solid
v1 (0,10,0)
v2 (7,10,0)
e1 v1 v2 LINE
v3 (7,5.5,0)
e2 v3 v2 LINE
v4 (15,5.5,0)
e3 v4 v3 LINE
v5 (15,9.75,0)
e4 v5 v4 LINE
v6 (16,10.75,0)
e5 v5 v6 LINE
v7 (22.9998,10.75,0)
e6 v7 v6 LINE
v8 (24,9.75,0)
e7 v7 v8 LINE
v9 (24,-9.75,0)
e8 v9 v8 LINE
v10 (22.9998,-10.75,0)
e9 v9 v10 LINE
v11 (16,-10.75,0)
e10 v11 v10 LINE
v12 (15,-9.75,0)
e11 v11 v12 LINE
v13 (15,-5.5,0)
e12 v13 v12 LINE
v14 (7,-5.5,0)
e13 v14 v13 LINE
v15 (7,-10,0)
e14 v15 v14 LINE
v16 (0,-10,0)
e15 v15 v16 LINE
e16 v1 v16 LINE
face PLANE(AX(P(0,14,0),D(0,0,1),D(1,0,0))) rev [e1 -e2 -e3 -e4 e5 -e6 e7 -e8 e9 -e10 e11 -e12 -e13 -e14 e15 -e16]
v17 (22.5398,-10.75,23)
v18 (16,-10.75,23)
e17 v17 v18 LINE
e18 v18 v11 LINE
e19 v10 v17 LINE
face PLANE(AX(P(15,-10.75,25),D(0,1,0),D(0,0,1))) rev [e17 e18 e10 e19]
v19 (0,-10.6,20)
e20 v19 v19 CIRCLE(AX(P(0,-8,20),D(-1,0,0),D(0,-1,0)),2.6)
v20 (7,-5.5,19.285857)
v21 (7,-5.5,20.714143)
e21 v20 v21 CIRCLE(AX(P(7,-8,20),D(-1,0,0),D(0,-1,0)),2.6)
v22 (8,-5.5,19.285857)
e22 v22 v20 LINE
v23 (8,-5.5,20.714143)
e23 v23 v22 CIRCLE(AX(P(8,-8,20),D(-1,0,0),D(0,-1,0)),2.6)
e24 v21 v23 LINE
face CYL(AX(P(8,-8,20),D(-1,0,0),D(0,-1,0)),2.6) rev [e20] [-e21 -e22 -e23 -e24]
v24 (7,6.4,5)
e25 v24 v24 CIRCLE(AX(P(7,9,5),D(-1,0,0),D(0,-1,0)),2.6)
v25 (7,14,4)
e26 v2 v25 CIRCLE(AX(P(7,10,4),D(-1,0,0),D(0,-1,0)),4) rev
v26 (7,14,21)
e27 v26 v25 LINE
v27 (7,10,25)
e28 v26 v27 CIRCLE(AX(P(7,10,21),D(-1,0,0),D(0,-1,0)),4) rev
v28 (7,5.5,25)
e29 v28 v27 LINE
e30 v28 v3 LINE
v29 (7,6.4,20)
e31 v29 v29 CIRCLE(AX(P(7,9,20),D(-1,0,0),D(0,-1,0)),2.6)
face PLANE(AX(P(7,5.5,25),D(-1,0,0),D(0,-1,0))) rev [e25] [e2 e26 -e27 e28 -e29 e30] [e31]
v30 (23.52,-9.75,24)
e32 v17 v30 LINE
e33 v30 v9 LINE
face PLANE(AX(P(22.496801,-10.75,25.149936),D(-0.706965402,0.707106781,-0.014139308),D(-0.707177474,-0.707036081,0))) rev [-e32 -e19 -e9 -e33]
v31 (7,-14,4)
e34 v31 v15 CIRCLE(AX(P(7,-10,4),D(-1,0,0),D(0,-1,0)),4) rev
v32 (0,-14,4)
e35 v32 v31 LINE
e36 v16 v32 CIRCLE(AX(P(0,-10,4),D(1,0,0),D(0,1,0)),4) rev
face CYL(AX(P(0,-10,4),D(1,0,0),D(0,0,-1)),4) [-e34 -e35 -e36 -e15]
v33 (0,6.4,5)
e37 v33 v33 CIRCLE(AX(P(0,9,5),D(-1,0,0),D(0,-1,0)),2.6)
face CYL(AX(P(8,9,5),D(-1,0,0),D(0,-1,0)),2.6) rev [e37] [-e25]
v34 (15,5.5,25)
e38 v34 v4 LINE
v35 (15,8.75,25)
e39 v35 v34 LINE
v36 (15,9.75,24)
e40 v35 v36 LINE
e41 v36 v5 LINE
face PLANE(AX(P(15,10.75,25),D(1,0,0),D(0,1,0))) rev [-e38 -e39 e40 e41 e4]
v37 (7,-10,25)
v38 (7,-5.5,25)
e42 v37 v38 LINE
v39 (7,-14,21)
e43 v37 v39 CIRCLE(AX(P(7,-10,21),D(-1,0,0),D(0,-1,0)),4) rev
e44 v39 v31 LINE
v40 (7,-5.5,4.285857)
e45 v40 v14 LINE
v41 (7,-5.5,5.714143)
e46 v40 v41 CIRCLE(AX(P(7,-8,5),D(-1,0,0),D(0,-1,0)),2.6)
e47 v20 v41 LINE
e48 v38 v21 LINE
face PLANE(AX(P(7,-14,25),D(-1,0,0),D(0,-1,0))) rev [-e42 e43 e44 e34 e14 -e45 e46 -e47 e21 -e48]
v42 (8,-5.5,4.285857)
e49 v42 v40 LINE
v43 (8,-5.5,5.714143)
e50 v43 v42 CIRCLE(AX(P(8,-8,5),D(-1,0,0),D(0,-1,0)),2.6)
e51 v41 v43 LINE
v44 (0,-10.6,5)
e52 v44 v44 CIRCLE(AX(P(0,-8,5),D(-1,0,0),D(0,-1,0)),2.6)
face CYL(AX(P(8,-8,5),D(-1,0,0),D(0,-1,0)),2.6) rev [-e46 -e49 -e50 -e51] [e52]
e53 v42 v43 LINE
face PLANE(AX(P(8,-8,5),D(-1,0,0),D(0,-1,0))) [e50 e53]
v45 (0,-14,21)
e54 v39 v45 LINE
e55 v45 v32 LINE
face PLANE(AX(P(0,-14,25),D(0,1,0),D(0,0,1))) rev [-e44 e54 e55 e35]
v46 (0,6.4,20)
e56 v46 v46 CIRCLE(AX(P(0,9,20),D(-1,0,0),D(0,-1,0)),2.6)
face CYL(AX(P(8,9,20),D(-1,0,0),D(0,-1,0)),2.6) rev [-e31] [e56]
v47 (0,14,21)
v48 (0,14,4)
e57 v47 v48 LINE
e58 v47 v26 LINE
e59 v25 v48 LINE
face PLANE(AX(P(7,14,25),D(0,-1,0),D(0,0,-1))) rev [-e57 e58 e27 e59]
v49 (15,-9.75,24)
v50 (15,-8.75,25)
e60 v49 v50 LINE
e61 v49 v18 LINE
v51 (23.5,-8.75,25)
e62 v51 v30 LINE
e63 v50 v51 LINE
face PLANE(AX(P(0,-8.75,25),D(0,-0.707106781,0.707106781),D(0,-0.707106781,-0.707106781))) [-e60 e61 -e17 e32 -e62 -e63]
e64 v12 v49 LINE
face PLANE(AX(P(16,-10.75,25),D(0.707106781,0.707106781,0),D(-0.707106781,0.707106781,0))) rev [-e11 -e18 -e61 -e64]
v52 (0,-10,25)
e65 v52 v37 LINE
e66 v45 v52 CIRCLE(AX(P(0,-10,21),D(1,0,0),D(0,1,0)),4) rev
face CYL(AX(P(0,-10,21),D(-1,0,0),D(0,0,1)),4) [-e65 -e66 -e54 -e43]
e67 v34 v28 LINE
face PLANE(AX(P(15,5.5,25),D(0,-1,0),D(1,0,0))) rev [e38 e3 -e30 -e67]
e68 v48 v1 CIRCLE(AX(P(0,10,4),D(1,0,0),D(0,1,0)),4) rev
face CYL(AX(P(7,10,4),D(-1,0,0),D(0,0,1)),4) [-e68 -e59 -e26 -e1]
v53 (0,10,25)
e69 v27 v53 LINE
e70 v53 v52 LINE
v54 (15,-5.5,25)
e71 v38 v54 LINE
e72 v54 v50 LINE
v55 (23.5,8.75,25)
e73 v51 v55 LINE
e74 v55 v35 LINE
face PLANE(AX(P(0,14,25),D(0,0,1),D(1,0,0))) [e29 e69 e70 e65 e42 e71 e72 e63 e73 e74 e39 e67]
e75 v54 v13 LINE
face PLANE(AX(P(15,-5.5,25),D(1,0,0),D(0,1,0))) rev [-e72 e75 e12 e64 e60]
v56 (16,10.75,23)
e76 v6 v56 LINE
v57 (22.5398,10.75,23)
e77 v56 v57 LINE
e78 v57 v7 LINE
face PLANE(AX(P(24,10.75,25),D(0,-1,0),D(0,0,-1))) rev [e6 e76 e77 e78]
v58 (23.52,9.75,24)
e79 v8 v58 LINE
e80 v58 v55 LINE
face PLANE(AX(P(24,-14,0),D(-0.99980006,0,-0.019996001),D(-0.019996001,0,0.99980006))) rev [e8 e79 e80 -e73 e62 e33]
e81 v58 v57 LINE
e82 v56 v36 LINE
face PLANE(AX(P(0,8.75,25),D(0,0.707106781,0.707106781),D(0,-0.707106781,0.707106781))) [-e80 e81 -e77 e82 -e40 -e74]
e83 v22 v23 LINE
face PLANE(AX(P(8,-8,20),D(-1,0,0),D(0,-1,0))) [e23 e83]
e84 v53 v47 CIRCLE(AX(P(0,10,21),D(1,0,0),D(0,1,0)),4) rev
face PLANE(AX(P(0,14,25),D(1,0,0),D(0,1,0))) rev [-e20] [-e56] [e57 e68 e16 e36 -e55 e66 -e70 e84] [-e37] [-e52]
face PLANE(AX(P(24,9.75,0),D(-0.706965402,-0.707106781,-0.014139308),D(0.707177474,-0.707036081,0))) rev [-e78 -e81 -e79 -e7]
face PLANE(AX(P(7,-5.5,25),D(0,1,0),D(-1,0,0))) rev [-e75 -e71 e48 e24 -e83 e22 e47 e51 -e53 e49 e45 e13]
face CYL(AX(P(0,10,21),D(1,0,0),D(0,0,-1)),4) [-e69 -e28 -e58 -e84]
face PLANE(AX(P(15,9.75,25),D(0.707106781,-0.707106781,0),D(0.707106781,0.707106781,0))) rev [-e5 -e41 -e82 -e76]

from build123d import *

# Parameters (mm, degrees)
BOSS_EXTRUDE1_DEPTH = 25
SKETCH2_R           = 2.6
CUT_EXTRUDE1_DEPTH  = 8
CUT_EXTRUDE2_DEPTH  = 25.75
FILLET1_R           = 4
CHAMFER1_SIZE       = 2
CHAMFER2_SIZE       = 1


with BuildPart() as part:
    # Sketch1 → Boss-Extrude1 (new body)
    with BuildSketch(Plane.XY):
        Polygon((0, 14), (0, -14), (7, -14), (7, -5.5), (15, -5.5), (15, -10.75), (24, -10.75), (24, 10.75), (15, 10.75), (15, 5.5), (7, 5.5), (7, 14), align=None)
    extrude(amount=BOSS_EXTRUDE1_DEPTH)

    # Sketch2 → Cut-Extrude1 (cut)
    with BuildSketch(Plane.ZY):
        with Locations(Location((5, 9, 0), (0, 0, 270))):  # turned: the seam where the file's is
            Circle(SKETCH2_R)
        with Locations(Location((20, 9, 0), (0, 0, 270))):  # turned: the seam where the file's is
            Circle(SKETCH2_R)
        with Locations(Location((5, -8, 0), (0, 0, 270))):  # turned: the seam where the file's is
            Circle(SKETCH2_R)
        with Locations(Location((20, -8, 0), (0, 0, 270))):  # turned: the seam where the file's is
            Circle(SKETCH2_R)
    extrude(amount=-CUT_EXTRUDE1_DEPTH, mode=Mode.SUBTRACT)

    # Sketch3 → Cut-Extrude2 (cut, through all)
    with BuildSketch(Plane(origin=(0, 10.75, 0), x_dir=(1, 0, 0), z_dir=(0, 1, 0))):
        Polygon((24, 0), (23.5, -25), (24, -25), align=None)
    extrude(amount=-CUT_EXTRUDE2_DEPTH, mode=Mode.SUBTRACT)

    # Fillet1
    fillet1_edges = [part.edges().sort_by_distance(p)[0] for p in [
        (3.5, -14, 25),
        (3.5, -14, 0),
        (3.5, 14, 0),
        (3.5, 14, 25),
    ]]
    fillet(fillet1_edges, radius=FILLET1_R)

    # Chamfer1
    chamfer1_edges = [part.edges().sort_by_distance(p)[0] for p in [
        (19.25, -10.75, 25),
        (19.25, 10.75, 25),
    ]]
    chamfer(chamfer1_edges, length=CHAMFER1_SIZE)

    # Chamfer2
    chamfer2_edges = [part.edges().sort_by_distance(p)[0] for p in [
        (15, -10.75, 11.5),
        (15, 10.75, 11.5),
        (23.77, -10.75, 11.5),
        (23.77, 10.75, 11.5),
    ]]
    chamfer(chamfer2_edges, length=CHAMFER2_SIZE)


solid = part.part
